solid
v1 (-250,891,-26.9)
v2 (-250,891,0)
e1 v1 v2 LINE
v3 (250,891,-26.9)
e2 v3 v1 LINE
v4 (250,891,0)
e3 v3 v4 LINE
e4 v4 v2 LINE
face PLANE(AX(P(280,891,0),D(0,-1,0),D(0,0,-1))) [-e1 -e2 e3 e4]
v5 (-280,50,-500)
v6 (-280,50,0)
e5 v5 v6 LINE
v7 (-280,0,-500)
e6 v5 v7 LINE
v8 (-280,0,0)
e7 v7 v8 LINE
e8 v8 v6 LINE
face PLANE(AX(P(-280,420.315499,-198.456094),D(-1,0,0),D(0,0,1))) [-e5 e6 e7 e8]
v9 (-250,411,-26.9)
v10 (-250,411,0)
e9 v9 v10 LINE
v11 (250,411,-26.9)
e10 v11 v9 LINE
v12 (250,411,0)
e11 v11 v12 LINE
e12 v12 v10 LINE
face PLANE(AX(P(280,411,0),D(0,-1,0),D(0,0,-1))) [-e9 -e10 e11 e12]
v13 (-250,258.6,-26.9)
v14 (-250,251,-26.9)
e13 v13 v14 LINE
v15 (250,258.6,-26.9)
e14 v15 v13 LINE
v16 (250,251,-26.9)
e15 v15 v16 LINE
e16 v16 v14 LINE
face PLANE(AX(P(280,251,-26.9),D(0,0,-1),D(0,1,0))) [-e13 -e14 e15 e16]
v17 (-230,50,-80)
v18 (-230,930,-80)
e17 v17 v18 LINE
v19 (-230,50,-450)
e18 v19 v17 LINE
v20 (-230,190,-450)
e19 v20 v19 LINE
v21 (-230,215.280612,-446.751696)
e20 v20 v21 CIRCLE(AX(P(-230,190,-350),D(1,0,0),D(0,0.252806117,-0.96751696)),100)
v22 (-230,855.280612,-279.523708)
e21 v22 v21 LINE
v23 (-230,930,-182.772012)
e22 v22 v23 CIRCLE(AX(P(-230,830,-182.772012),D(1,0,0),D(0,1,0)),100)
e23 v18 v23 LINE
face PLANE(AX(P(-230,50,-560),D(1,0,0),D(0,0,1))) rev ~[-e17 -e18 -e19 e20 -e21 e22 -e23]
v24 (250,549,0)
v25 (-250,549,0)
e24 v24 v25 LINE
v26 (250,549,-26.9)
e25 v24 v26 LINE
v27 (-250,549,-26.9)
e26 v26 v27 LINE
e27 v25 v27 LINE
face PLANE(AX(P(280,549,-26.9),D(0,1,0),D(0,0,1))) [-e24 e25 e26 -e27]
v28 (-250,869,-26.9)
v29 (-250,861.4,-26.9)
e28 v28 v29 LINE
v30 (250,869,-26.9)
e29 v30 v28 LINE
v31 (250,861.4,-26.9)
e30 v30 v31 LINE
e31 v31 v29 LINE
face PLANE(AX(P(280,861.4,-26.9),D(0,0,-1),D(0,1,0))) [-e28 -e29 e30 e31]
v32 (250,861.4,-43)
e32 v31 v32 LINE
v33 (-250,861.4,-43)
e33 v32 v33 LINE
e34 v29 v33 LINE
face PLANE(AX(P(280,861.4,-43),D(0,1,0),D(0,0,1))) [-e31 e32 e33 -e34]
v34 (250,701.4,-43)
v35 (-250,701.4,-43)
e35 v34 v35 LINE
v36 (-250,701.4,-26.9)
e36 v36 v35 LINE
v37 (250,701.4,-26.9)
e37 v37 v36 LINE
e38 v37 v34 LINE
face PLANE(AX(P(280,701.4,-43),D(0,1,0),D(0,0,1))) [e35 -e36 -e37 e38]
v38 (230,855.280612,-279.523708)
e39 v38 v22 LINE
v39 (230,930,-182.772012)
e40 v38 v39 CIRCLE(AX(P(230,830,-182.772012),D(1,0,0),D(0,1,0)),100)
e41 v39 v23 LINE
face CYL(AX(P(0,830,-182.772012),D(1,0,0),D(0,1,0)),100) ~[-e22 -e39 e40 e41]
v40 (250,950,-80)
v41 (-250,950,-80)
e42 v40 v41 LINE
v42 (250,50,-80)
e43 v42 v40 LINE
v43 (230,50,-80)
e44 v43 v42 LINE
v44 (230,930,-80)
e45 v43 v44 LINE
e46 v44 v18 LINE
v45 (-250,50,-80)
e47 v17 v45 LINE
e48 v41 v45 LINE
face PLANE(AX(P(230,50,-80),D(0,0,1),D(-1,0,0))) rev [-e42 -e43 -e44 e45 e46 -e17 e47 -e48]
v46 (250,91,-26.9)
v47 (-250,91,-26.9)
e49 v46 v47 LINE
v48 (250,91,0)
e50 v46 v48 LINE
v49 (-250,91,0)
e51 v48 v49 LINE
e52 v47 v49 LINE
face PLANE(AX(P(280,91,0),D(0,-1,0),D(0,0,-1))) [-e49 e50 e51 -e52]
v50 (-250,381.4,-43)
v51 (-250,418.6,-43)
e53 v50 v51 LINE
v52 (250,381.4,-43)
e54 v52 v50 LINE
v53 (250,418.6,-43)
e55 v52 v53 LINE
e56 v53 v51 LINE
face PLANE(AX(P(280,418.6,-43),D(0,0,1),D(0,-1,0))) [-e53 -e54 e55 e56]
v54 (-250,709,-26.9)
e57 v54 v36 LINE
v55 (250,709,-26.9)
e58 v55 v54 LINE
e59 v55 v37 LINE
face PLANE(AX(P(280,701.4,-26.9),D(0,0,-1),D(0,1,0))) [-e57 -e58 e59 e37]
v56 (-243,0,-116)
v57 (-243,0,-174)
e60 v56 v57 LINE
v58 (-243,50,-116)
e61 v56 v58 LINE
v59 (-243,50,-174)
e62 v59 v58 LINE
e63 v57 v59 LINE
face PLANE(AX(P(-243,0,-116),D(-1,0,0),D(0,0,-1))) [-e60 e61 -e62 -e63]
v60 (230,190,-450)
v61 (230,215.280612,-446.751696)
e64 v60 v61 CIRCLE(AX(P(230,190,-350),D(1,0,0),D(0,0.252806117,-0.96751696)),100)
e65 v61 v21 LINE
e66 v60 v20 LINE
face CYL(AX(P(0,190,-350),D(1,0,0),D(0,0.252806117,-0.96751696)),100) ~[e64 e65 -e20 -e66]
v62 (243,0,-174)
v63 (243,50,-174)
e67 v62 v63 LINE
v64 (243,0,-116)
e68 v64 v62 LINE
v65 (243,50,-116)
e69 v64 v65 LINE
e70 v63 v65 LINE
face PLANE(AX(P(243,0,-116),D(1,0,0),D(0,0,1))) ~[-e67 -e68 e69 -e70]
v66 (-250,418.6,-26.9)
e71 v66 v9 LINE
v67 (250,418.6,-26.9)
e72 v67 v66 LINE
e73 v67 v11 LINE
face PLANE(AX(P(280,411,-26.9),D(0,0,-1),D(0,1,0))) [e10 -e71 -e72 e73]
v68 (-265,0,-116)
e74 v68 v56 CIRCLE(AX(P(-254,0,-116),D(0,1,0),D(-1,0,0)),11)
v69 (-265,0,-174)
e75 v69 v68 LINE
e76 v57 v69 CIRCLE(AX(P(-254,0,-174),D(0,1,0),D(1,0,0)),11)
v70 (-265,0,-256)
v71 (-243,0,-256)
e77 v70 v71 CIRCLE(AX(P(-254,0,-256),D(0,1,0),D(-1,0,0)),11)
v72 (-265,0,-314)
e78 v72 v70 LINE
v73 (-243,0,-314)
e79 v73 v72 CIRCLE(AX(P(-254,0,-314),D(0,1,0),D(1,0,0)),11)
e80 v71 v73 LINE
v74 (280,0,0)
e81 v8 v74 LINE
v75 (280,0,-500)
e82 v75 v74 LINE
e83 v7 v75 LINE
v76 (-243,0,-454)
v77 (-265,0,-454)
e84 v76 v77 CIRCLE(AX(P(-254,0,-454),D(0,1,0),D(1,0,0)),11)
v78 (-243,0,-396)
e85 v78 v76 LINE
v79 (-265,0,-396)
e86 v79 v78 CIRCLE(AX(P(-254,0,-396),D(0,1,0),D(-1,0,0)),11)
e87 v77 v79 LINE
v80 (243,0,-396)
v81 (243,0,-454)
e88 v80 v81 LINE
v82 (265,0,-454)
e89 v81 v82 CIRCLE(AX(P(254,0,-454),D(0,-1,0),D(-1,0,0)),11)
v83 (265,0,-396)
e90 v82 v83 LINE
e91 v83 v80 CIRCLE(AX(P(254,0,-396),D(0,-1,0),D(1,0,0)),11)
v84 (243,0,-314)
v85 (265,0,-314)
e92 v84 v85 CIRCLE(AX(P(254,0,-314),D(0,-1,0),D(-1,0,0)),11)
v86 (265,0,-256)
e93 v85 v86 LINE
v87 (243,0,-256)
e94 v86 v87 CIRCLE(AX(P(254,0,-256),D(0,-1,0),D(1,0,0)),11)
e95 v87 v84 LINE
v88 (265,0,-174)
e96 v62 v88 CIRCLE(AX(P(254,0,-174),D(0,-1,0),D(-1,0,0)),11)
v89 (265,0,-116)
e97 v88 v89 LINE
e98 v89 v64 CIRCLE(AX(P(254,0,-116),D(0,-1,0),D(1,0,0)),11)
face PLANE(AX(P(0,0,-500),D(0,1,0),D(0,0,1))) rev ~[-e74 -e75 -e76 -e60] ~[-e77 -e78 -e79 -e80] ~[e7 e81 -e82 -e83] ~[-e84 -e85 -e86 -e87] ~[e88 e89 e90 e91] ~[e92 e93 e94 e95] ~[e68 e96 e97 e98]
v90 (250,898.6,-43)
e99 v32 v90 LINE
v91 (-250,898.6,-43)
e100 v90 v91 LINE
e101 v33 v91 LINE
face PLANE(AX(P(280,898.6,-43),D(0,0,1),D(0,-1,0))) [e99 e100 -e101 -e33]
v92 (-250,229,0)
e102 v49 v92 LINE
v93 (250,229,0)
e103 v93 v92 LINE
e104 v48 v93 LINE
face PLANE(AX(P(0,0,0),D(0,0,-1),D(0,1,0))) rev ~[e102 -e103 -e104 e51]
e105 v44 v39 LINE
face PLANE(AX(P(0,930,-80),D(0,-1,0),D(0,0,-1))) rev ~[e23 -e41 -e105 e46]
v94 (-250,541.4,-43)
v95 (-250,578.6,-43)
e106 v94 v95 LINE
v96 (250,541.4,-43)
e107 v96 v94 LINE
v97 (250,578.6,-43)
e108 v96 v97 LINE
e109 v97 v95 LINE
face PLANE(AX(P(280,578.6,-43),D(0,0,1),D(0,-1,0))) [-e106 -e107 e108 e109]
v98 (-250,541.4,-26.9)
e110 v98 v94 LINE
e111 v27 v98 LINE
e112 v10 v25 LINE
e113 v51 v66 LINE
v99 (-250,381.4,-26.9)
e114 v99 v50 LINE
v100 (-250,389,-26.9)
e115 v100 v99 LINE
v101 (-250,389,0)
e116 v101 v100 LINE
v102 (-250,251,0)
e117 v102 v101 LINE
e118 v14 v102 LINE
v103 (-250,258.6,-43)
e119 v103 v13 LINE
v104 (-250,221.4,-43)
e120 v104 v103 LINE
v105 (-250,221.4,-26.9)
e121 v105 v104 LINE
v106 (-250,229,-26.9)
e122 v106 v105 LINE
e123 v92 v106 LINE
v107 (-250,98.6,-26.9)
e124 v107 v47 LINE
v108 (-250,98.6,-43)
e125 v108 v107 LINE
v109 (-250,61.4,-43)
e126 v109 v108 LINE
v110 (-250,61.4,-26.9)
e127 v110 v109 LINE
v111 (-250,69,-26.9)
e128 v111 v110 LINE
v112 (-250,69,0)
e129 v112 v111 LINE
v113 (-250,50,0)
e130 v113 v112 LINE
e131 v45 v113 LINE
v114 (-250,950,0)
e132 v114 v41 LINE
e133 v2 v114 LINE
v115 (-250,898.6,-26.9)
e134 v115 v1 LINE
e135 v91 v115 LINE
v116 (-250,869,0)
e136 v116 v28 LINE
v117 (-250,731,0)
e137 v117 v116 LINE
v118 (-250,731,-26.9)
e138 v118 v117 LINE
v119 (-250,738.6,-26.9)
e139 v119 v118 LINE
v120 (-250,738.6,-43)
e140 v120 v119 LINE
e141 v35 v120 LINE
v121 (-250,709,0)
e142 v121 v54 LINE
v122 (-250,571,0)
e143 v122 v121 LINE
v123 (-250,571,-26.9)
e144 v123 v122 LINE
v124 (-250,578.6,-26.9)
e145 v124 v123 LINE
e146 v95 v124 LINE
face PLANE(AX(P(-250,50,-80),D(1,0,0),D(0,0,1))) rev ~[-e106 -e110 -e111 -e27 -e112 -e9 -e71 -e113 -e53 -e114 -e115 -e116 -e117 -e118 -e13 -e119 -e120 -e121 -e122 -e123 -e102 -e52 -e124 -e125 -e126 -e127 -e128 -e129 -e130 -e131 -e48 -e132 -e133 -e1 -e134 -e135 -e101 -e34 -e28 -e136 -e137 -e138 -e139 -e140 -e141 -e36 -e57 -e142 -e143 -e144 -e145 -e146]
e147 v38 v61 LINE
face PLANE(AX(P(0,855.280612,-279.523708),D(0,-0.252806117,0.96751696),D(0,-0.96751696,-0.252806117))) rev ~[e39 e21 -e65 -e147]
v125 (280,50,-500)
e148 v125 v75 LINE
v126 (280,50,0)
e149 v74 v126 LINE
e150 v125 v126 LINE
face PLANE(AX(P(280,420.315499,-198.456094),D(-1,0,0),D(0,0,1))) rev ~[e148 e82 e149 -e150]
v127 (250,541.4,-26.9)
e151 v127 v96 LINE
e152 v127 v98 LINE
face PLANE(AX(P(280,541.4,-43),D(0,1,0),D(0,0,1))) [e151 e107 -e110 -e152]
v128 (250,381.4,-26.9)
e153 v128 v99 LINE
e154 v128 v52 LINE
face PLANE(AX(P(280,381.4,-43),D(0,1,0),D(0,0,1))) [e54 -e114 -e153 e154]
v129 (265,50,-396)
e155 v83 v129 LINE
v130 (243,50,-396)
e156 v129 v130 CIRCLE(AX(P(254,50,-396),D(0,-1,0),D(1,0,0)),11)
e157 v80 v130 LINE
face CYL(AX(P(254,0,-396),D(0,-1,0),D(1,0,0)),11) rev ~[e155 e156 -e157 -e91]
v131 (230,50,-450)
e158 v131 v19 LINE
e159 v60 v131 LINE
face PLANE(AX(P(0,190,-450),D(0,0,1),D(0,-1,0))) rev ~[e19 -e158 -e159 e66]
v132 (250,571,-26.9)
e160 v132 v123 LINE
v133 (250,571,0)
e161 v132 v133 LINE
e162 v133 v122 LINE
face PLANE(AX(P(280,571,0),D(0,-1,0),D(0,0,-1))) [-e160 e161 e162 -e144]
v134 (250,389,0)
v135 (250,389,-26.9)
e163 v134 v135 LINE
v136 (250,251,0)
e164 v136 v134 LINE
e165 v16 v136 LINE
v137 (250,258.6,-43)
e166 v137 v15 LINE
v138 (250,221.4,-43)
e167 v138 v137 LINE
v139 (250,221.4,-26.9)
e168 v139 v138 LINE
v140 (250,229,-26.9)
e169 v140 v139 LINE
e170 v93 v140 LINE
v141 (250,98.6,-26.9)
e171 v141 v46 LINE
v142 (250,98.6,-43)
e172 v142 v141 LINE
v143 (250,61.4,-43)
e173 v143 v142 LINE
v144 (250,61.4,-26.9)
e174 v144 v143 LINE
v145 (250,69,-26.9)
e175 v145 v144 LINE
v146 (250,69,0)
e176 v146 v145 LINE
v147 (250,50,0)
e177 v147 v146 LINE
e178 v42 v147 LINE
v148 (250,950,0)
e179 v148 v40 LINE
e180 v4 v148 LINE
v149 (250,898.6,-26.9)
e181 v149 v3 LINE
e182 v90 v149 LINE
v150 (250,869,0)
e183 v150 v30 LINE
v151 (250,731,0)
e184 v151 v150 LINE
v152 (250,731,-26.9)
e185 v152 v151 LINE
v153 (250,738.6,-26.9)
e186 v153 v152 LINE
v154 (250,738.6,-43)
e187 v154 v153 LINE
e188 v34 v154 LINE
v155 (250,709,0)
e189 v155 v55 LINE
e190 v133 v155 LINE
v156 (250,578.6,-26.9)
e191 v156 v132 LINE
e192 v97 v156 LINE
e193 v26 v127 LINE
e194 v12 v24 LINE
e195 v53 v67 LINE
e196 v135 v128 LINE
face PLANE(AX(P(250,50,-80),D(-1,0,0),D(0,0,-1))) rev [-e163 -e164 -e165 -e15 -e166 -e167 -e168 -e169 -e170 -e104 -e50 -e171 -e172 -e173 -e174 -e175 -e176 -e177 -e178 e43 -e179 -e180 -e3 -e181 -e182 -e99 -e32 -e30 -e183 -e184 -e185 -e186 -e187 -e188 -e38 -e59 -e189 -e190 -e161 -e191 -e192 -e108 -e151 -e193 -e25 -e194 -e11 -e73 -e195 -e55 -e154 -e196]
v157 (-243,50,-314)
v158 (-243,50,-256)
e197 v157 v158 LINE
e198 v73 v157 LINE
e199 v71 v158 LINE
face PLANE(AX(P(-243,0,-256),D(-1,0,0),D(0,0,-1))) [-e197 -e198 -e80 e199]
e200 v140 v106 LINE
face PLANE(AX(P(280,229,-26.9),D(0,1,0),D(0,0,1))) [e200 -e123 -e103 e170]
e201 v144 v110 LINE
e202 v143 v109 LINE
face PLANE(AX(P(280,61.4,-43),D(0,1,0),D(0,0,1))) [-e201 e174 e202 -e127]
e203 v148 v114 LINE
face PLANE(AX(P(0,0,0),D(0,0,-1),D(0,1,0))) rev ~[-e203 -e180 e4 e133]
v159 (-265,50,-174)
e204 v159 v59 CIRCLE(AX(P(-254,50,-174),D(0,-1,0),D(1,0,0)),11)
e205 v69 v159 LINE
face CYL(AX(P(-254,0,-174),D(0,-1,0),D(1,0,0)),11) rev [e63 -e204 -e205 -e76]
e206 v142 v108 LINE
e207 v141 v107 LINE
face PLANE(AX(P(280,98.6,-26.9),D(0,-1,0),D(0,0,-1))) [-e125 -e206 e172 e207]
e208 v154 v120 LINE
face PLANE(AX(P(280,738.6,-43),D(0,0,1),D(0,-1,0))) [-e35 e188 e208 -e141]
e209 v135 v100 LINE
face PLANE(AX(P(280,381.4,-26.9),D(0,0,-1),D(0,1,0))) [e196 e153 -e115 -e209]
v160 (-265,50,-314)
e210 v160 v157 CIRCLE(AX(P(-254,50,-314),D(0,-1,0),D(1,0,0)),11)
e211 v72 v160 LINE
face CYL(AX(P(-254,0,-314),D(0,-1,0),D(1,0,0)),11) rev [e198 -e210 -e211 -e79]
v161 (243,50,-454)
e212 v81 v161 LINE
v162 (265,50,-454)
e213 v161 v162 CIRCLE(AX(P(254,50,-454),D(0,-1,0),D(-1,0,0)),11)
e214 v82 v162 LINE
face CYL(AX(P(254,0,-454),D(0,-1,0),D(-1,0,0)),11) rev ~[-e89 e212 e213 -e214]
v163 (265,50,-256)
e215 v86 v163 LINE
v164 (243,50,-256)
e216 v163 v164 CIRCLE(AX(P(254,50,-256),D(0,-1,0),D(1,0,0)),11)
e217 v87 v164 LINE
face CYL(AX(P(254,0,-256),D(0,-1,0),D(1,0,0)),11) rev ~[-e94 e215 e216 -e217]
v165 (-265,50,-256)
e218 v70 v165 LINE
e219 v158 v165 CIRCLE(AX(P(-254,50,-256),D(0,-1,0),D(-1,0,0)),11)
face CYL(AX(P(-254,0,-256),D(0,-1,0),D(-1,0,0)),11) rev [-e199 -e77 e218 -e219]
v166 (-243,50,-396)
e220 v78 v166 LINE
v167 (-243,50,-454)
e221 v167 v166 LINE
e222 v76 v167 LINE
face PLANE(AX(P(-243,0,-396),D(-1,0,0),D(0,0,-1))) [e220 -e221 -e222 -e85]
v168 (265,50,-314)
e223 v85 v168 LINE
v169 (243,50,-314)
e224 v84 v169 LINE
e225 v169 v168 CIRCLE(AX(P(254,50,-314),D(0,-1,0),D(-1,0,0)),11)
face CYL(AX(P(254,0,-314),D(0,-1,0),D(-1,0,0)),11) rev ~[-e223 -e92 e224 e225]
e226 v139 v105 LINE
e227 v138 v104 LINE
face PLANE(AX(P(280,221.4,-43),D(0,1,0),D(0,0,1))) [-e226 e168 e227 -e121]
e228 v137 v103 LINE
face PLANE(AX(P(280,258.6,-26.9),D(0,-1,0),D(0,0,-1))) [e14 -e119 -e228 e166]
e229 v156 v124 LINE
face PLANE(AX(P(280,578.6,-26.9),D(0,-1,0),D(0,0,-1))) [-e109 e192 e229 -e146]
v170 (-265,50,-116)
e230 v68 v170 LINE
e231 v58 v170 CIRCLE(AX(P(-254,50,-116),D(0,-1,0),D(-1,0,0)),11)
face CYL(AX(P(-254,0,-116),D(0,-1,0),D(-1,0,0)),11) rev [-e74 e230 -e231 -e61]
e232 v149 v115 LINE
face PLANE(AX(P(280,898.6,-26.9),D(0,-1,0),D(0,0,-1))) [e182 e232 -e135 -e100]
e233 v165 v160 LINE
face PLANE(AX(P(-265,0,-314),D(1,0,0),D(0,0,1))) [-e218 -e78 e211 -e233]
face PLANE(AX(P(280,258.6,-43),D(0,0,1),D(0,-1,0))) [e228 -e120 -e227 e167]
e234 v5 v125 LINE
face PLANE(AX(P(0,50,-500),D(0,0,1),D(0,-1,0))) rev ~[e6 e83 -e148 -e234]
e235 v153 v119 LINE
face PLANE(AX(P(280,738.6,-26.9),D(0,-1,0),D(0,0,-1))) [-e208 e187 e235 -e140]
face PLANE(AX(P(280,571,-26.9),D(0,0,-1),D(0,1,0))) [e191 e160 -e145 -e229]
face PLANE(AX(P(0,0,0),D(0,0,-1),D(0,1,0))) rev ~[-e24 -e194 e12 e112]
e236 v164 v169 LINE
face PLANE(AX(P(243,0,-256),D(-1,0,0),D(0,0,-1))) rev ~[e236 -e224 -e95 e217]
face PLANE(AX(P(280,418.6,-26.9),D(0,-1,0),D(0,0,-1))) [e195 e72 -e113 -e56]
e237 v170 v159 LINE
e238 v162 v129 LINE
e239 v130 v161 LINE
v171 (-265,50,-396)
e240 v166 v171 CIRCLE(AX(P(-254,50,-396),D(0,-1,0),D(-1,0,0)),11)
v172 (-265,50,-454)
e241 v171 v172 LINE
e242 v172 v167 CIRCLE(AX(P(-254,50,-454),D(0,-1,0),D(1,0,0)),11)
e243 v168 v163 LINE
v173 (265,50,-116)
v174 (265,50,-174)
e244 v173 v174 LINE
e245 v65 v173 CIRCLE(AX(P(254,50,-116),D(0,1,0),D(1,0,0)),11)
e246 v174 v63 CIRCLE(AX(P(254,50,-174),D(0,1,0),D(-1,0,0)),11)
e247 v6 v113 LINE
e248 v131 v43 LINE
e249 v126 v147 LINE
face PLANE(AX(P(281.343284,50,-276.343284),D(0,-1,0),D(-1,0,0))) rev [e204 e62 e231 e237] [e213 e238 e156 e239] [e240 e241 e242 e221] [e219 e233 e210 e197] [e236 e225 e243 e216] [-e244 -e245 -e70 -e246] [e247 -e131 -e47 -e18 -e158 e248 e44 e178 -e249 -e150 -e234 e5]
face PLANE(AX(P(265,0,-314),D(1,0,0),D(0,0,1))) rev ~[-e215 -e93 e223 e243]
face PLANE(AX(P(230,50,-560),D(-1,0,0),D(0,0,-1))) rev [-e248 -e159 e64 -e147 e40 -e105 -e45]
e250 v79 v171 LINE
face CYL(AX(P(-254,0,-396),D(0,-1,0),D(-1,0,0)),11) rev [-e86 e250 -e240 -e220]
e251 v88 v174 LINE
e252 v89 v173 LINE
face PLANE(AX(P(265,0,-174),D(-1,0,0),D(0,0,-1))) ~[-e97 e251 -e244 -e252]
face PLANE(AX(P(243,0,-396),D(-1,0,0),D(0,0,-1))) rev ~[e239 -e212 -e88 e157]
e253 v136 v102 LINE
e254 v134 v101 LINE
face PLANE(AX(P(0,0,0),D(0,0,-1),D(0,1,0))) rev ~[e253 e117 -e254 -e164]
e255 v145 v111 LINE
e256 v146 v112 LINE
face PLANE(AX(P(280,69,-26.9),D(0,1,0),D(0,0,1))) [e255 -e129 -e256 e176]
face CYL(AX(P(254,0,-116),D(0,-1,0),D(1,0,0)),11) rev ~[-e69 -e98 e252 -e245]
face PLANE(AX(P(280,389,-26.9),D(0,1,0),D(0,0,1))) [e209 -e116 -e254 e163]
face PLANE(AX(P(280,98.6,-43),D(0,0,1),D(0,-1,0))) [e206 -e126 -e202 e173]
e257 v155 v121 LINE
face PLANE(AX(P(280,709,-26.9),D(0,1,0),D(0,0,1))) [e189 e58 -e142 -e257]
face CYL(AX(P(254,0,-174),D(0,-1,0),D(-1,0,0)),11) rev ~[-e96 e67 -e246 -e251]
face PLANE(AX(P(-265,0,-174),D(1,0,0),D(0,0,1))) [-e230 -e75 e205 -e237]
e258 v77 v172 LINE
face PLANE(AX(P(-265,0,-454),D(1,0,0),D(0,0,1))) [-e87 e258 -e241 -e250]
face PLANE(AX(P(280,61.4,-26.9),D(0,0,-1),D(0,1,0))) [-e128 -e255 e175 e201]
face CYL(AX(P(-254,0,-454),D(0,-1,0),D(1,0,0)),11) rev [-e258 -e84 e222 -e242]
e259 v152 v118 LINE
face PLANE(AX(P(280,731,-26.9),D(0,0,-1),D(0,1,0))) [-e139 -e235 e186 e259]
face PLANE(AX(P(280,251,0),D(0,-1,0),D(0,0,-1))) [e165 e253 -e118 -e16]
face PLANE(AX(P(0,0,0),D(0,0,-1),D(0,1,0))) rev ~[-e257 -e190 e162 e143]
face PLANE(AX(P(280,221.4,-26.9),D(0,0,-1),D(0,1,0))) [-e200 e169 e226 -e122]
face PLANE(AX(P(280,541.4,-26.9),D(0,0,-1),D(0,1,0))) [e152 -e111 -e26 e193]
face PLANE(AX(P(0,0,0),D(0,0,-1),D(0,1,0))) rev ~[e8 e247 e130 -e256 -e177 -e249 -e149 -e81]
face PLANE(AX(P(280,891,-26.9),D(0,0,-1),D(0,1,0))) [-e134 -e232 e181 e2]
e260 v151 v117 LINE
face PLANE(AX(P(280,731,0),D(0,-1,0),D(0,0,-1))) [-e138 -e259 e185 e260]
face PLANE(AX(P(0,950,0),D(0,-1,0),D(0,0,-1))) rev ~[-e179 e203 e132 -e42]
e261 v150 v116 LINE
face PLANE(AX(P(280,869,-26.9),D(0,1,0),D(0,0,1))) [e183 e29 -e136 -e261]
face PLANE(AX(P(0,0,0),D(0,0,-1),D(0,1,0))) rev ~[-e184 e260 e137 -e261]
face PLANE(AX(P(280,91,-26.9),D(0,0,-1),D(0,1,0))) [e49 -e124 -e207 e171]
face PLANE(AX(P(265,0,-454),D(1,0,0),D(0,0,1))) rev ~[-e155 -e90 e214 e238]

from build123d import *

# Parameters (mm, degrees)
BOSS_EXTRUDE1_DEPTH  = 280
CUT_EXTRUDE2_REACH   = 1068.958
CUT_EXTRUDE3_REACH   = 1111.459
LPATTERN2_COUNT      = 3
LPATTERN2_PITCH      = 140
CUT_EXTRUDE1_REACH   = 1212.826
LPATTERN1_COUNT      = 6
LPATTERN1_PITCH      = 160
MIRROR1_COPY_1_REACH = 1111.459
MIRROR1_COPY_2_REACH = 1111.459


with BuildPart() as part:
    # Sketch4 → Boss-Extrude1 (new, symmetric)
    with BuildSketch(Plane(origin=(0, 0, 0), x_dir=(0, 0, -1), z_dir=(1, 0, 0))):
        with BuildLine():
            Line((0, 0), (0, 950))
            Line((0, 950), (80, 950))
            Line((80, 950), (80, 930))
            Line((80, 930), (182.772011822, 930))
            ThreePointArc((182.772011822, 930), (243.894588799, 909.145628961), (279.523707794, 855.280611672))
            Line((279.523707794, 855.280611672), (446.751695972, 215.280611672))
            ThreePointArc((446.751695972, 215.280611672), (449.184599604, 202.744222275), (450, 190))
            Line((450, 190), (450, 50))
            Line((450, 50), (500, 50))
            Line((500, 50), (500, 0))
            Line((500, 0), (0, 0))
        make_face()
    extrude(amount=BOSS_EXTRUDE1_DEPTH, both=True)

    # Sketch9 → Cut-Extrude2 (cut, up to next)
    with BuildSketch(Plane(origin=(0, 50, 0), x_dir=(1, 0, 0), z_dir=(0, 1, 0)), mode=Mode.PRIVATE) as cut_extrude2_sk1:
        Polygon((-230, 80), (-250, 80), (-250, -10), (-330, -10), (-330, 560), (-230, 560), align=None)
    cut_extrude2_tool1 = extrude(cut_extrude2_sk1.sketch, amount=CUT_EXTRUDE2_REACH, mode=Mode.PRIVATE) & part.part
    cut_extrude2 = cut_extrude2_tool1.solids().sort_by_distance((-281.304348, 50, -282.826087))[0]
    add(cut_extrude2, mode=Mode.SUBTRACT)

    # Sketch10 → Cut-Extrude3 (cut, up to next)
    with BuildSketch(Plane.XZ, mode=Mode.PRIVATE) as cut_extrude3_sk1:
        with BuildLine():
            Line((-243, -116), (-243, -174))
            ThreePointArc((-243, -174), (-254, -185), (-265, -174))
            Line((-265, -174), (-265, -116))
            ThreePointArc((-265, -116), (-254, -105), (-243, -116))
        make_face()
    cut_extrude3_tool1 = extrude(cut_extrude3_sk1.sketch, amount=-CUT_EXTRUDE3_REACH, mode=Mode.PRIVATE) & part.part
    cut_extrude3 = cut_extrude3_tool1.solids().sort_by_distance((-254, 0, -145))[0]
    add(cut_extrude3, mode=Mode.SUBTRACT)

    # LPattern2: Cut-Extrude3 ×3
    with Locations(*[(0, 0, -i * LPATTERN2_PITCH) for i in range(1, LPATTERN2_COUNT)]):
        add(cut_extrude3, mode=Mode.SUBTRACT)

    # Sketch6 → Cut-Extrude1 (cut, up to next)
    with BuildSketch(Plane(origin=(280, 0, 0), x_dir=(0, 0, -1), z_dir=(1, 0, 0)), mode=Mode.PRIVATE) as cut_extrude1_sk1:
        Polygon((0, 69), (0, 91), (26.9, 91), (26.9, 98.6), (43, 98.6), (43, 61.4), (26.9, 61.4), (26.9, 69), align=None)
    cut_extrude1_tool1 = extrude(cut_extrude1_sk1.sketch, amount=-CUT_EXTRUDE1_REACH, mode=Mode.PRIVATE) & part.part
    cut_extrude1 = cut_extrude1_tool1.solids().sort_by_distance((280, 80, -24.26428))[0]
    add(cut_extrude1, mode=Mode.SUBTRACT)

    # LPattern1: Cut-Extrude1 ×6
    with Locations(*[(0, i * LPATTERN1_PITCH, 0) for i in range(1, LPATTERN1_COUNT)]):
        add(cut_extrude1, mode=Mode.SUBTRACT)

    # Mirror1: Cut-Extrude2, Cut-Extrude3 across plane
    add(cut_extrude2.mirror(Plane(origin=(0, 0, 0), x_dir=(0, 0, 1), z_dir=(1, 0, 0))), mode=Mode.SUBTRACT)
    add(cut_extrude3.mirror(Plane(origin=(0, 0, 0), x_dir=(0, 0, 1), z_dir=(1, 0, 0))), mode=Mode.SUBTRACT)

    # Mirror1 copy 1 sketch → Mirror1 copy 1 (cut, up to next)
    with BuildSketch(Plane(origin=(0, 0, -140), x_dir=(-1, 0, 0), z_dir=(0, -1, 0)), mode=Mode.PRIVATE) as mirror1_copy_1_sk1:
        with BuildLine():
            Line((-243, 116), (-243, 174))
            ThreePointArc((-243, 174), (-254, 185), (-265, 174))
            Line((-265, 174), (-265, 116))
            ThreePointArc((-265, 116), (-254, 105), (-243, 116))
        make_face()
    mirror1_copy_1_tool1 = extrude(mirror1_copy_1_sk1.sketch, amount=-MIRROR1_COPY_1_REACH, mode=Mode.PRIVATE) & part.part
    add(mirror1_copy_1_tool1.solids().sort_by_distance((254, 0, -285))[0], mode=Mode.SUBTRACT)

    # Mirror1 copy 2 sketch → Mirror1 copy 2 (cut, up to next)
    with BuildSketch(Plane(origin=(0, 0, -280), x_dir=(-1, 0, 0), z_dir=(0, -1, 0)), mode=Mode.PRIVATE) as mirror1_copy_2_sk1:
        with BuildLine():
            Line((-243, 116), (-243, 174))
            ThreePointArc((-243, 174), (-254, 185), (-265, 174))
            Line((-265, 174), (-265, 116))
            ThreePointArc((-265, 116), (-254, 105), (-243, 116))
        make_face()
    mirror1_copy_2_tool1 = extrude(mirror1_copy_2_sk1.sketch, amount=-MIRROR1_COPY_2_REACH, mode=Mode.PRIVATE) & part.part
    add(mirror1_copy_2_tool1.solids().sort_by_distance((254, 0, -425))[0], mode=Mode.SUBTRACT)


solid = part.part
